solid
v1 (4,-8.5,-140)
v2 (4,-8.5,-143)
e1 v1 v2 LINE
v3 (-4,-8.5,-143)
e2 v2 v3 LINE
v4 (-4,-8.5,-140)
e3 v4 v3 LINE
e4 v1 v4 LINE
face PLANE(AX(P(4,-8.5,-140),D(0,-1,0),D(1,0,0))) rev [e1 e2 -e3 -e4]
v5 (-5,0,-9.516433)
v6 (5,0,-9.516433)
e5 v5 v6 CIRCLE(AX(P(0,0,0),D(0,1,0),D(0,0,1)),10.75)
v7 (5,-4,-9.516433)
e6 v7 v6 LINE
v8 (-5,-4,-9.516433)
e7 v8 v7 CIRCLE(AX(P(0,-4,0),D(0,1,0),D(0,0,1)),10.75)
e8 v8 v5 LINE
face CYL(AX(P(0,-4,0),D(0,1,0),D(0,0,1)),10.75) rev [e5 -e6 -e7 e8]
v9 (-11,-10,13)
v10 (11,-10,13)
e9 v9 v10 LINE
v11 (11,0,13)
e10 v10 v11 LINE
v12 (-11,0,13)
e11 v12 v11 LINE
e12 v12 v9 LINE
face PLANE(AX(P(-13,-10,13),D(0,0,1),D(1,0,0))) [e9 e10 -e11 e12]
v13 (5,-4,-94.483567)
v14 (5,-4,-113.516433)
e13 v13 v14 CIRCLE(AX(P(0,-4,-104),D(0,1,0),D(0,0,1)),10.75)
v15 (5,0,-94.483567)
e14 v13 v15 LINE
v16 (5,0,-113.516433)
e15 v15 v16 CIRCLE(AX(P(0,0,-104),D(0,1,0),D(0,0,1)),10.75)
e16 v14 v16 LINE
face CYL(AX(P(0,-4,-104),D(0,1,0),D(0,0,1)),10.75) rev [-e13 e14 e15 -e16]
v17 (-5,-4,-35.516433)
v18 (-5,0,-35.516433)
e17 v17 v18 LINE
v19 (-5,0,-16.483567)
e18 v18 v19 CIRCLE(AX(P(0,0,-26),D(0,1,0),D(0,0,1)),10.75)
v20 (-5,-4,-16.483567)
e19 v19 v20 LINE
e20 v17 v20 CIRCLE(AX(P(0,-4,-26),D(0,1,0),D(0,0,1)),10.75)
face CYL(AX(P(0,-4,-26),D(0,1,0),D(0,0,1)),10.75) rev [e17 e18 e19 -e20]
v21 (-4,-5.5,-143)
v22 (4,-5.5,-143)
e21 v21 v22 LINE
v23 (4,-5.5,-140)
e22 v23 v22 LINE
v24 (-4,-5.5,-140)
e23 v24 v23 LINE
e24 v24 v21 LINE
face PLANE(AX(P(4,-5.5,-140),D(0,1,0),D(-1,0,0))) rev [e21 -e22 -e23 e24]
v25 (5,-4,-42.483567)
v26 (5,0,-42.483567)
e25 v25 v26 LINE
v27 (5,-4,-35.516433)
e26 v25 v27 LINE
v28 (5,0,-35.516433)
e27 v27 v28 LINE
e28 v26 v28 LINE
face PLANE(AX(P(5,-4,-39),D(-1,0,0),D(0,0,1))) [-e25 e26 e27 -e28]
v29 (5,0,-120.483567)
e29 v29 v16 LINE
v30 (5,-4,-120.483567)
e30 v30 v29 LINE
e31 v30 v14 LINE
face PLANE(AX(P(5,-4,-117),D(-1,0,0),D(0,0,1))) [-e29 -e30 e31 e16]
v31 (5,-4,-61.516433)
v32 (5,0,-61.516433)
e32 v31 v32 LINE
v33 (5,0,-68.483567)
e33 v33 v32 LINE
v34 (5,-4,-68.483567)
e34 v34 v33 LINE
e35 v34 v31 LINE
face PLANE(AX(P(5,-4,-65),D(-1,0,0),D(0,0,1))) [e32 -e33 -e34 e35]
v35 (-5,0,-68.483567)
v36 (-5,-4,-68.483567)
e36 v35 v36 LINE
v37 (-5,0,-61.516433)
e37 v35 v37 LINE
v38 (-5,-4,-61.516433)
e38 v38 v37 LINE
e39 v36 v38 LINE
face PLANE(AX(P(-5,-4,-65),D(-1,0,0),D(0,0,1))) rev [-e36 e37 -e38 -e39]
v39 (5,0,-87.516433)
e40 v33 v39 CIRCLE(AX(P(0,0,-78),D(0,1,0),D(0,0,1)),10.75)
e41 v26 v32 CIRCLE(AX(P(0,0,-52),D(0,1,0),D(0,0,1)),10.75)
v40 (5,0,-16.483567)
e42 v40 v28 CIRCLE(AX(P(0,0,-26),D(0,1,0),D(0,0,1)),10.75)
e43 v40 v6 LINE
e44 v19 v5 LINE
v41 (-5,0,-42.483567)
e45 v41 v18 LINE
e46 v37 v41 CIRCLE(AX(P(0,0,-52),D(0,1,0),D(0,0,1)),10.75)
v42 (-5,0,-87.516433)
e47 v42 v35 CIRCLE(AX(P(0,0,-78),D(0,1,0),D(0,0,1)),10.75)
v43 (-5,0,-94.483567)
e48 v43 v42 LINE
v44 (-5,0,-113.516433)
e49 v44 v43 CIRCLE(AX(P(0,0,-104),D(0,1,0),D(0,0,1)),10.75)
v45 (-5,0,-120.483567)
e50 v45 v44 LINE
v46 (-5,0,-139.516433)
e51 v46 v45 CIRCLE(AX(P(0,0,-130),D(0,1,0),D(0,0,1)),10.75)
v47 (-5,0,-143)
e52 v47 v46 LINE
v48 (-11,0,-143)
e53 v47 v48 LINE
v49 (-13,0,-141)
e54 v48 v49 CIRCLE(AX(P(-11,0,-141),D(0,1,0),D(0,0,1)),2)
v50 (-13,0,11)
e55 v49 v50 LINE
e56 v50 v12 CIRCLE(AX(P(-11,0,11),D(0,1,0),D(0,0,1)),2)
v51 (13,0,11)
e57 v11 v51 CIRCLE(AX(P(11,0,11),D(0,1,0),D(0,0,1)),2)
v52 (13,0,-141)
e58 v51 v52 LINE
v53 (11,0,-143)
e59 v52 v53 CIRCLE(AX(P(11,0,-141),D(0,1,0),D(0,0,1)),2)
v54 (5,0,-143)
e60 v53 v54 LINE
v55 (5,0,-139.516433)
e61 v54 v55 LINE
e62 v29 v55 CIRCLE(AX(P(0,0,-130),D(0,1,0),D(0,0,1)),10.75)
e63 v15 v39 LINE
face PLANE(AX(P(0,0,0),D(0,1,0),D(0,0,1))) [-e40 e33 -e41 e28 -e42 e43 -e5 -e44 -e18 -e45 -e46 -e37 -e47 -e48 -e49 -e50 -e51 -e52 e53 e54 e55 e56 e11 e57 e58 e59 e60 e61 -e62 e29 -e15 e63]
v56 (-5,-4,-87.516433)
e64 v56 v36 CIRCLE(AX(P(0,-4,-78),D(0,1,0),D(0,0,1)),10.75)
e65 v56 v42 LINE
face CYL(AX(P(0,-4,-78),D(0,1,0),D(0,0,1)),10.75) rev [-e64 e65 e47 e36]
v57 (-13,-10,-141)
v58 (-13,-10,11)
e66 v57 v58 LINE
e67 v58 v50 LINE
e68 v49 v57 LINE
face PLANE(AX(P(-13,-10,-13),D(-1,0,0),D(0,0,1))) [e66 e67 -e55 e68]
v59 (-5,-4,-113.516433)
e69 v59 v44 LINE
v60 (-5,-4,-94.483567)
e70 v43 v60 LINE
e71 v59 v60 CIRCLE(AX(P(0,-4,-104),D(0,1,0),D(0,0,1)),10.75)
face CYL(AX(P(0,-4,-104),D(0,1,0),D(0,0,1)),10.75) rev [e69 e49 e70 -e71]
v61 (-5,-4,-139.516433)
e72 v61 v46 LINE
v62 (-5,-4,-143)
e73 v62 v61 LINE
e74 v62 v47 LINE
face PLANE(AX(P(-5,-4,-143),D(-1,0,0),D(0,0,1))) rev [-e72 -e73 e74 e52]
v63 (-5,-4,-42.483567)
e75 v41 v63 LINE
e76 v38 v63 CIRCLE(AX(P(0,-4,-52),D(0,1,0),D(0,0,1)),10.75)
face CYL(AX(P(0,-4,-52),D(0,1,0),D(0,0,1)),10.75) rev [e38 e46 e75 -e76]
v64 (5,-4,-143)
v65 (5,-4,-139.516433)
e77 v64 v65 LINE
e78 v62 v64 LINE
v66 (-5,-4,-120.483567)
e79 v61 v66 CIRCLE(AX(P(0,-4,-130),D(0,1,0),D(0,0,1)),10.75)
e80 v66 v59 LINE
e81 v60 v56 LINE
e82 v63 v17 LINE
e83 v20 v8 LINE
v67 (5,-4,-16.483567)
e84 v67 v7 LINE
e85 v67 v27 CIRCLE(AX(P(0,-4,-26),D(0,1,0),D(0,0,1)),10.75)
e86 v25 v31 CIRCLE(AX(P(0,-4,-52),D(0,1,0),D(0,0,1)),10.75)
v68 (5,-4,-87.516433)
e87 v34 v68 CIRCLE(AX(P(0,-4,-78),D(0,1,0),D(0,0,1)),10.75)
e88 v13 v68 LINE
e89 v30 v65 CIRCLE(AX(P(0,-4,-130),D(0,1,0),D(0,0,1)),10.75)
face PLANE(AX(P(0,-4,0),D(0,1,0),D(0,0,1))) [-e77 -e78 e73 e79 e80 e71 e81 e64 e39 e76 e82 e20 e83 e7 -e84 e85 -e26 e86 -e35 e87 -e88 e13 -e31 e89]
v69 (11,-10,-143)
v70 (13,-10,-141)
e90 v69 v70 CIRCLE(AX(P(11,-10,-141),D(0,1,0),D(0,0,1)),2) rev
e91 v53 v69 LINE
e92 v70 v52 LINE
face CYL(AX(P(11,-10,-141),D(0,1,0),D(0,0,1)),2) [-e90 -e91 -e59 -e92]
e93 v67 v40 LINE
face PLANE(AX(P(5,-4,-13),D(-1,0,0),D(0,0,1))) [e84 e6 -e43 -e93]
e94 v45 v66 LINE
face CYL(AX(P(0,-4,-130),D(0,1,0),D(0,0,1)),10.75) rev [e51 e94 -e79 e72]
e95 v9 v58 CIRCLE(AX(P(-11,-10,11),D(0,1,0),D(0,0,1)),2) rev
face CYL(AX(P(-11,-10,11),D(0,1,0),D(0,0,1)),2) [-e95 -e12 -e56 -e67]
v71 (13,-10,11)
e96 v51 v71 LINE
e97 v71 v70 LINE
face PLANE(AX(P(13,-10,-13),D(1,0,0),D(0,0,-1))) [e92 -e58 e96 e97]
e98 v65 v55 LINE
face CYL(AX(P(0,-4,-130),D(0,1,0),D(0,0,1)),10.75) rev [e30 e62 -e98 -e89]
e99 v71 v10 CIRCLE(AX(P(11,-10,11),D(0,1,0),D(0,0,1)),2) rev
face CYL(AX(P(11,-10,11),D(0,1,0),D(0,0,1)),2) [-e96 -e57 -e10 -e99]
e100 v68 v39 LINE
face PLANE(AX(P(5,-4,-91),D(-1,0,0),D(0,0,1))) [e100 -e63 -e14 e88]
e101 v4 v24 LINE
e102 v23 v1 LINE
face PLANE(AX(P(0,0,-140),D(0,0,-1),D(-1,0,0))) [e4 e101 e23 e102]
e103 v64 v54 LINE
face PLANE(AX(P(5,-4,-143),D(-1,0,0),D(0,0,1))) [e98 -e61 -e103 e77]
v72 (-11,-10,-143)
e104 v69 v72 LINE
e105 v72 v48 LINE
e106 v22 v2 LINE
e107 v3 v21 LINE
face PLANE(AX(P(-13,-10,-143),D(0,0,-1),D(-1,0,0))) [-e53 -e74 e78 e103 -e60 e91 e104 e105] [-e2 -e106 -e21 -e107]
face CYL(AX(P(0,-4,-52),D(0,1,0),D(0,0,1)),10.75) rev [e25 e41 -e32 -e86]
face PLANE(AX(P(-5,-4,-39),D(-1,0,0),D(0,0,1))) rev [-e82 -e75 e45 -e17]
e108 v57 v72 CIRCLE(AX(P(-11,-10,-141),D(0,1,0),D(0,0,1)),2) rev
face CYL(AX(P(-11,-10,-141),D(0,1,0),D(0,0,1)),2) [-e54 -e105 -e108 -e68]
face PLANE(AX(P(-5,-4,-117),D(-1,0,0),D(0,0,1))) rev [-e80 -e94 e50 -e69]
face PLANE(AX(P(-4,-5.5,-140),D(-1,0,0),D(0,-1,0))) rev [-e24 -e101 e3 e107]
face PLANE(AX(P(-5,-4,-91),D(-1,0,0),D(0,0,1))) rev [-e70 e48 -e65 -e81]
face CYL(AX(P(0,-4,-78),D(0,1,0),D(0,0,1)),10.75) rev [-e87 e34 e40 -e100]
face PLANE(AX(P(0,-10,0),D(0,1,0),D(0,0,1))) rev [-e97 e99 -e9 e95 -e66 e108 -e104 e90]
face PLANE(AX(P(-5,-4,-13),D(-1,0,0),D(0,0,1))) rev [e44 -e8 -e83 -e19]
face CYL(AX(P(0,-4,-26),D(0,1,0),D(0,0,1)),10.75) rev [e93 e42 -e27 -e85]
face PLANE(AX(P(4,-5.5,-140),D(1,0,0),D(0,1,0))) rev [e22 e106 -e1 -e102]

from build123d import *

# Parameters (mm, degrees)
SKETCH5_W           = 26
SKETCH5_H           = 26
BOSS_EXTRUDE1_DEPTH = 10
SKETCH4_R           = 10.75
CUT_EXTRUDE1_DEPTH  = 4
SKETCH6_W           = 10
SKETCH6_H           = 3.483566845
CUT_EXTRUDE2_DEPTH  = 4
LPATTERN1_COUNT     = 6
LPATTERN1_PITCH     = 26
SKETCH7_W           = 10
SKETCH7_H           = 4
CUT_EXTRUDE3_DEPTH  = 131
FILLET1_R           = 2
SKETCH9_W           = 8
SKETCH9_H           = 3
CUT_EXTRUDE4_DEPTH  = 3


with BuildPart() as part:
    # Sketch5 → Boss-Extrude1 (new body)
    with BuildSketch(Plane(origin=(0, 0, 0), x_dir=(1, 0, 0), z_dir=(0, 1, 0))):
        Rectangle(SKETCH5_W, SKETCH5_H)
    boss_extrude1 = extrude(amount=-BOSS_EXTRUDE1_DEPTH)

    # Sketch4 → Cut-Extrude1 (cut)
    with BuildSketch(Plane(origin=(0, 0, 0), x_dir=(1, 0, 0), z_dir=(0, 1, 0))):
        Circle(SKETCH4_R)
    cut_extrude1 = extrude(amount=-CUT_EXTRUDE1_DEPTH, mode=Mode.SUBTRACT)

    # Sketch6 → Cut-Extrude2 (cut)
    with BuildSketch(Plane(origin=(0, 0, 0), x_dir=(1, 0, 0), z_dir=(0, 1, 0))):
        with Locations((0, 11.258216578)):
            Rectangle(SKETCH6_W, SKETCH6_H)
    cut_extrude2 = extrude(amount=-CUT_EXTRUDE2_DEPTH, mode=Mode.SUBTRACT)

    # LPattern1: Boss-Extrude1, Cut-Extrude1, Cut-Extrude2 ×6
    with Locations(*[(0, 0, -i * LPATTERN1_PITCH) for i in range(1, LPATTERN1_COUNT)]):
        add(boss_extrude1)
        add(cut_extrude1, mode=Mode.SUBTRACT)
        add(cut_extrude2, mode=Mode.SUBTRACT)

    # Sketch7 → Cut-Extrude3 (cut, through all)
    with BuildSketch(Plane.XY.offset(-13)):
        with Locations((0, -2)):
            Rectangle(SKETCH7_W, SKETCH7_H)
    extrude(amount=-CUT_EXTRUDE3_DEPTH, mode=Mode.SUBTRACT)

    # Fillet1
    fillet1_edges = [part.edges().sort_by_distance(p)[0] for p in [
        (13, -5, -143),
        (-13, -5, -143),
        (13, -5, 13),
        (-13, -5, 13),
    ]]
    fillet(fillet1_edges, radius=FILLET1_R)

    # Sketch9 → Cut-Extrude4 (cut)
    with BuildSketch(Plane(origin=(0, 0, -143), x_dir=(-1, 0, 0), z_dir=(0, 0, -1))):
        with Locations((0, -7)):
            Rectangle(SKETCH9_W, SKETCH9_H)
    extrude(amount=-CUT_EXTRUDE4_DEPTH, mode=Mode.SUBTRACT)


solid = part.part
